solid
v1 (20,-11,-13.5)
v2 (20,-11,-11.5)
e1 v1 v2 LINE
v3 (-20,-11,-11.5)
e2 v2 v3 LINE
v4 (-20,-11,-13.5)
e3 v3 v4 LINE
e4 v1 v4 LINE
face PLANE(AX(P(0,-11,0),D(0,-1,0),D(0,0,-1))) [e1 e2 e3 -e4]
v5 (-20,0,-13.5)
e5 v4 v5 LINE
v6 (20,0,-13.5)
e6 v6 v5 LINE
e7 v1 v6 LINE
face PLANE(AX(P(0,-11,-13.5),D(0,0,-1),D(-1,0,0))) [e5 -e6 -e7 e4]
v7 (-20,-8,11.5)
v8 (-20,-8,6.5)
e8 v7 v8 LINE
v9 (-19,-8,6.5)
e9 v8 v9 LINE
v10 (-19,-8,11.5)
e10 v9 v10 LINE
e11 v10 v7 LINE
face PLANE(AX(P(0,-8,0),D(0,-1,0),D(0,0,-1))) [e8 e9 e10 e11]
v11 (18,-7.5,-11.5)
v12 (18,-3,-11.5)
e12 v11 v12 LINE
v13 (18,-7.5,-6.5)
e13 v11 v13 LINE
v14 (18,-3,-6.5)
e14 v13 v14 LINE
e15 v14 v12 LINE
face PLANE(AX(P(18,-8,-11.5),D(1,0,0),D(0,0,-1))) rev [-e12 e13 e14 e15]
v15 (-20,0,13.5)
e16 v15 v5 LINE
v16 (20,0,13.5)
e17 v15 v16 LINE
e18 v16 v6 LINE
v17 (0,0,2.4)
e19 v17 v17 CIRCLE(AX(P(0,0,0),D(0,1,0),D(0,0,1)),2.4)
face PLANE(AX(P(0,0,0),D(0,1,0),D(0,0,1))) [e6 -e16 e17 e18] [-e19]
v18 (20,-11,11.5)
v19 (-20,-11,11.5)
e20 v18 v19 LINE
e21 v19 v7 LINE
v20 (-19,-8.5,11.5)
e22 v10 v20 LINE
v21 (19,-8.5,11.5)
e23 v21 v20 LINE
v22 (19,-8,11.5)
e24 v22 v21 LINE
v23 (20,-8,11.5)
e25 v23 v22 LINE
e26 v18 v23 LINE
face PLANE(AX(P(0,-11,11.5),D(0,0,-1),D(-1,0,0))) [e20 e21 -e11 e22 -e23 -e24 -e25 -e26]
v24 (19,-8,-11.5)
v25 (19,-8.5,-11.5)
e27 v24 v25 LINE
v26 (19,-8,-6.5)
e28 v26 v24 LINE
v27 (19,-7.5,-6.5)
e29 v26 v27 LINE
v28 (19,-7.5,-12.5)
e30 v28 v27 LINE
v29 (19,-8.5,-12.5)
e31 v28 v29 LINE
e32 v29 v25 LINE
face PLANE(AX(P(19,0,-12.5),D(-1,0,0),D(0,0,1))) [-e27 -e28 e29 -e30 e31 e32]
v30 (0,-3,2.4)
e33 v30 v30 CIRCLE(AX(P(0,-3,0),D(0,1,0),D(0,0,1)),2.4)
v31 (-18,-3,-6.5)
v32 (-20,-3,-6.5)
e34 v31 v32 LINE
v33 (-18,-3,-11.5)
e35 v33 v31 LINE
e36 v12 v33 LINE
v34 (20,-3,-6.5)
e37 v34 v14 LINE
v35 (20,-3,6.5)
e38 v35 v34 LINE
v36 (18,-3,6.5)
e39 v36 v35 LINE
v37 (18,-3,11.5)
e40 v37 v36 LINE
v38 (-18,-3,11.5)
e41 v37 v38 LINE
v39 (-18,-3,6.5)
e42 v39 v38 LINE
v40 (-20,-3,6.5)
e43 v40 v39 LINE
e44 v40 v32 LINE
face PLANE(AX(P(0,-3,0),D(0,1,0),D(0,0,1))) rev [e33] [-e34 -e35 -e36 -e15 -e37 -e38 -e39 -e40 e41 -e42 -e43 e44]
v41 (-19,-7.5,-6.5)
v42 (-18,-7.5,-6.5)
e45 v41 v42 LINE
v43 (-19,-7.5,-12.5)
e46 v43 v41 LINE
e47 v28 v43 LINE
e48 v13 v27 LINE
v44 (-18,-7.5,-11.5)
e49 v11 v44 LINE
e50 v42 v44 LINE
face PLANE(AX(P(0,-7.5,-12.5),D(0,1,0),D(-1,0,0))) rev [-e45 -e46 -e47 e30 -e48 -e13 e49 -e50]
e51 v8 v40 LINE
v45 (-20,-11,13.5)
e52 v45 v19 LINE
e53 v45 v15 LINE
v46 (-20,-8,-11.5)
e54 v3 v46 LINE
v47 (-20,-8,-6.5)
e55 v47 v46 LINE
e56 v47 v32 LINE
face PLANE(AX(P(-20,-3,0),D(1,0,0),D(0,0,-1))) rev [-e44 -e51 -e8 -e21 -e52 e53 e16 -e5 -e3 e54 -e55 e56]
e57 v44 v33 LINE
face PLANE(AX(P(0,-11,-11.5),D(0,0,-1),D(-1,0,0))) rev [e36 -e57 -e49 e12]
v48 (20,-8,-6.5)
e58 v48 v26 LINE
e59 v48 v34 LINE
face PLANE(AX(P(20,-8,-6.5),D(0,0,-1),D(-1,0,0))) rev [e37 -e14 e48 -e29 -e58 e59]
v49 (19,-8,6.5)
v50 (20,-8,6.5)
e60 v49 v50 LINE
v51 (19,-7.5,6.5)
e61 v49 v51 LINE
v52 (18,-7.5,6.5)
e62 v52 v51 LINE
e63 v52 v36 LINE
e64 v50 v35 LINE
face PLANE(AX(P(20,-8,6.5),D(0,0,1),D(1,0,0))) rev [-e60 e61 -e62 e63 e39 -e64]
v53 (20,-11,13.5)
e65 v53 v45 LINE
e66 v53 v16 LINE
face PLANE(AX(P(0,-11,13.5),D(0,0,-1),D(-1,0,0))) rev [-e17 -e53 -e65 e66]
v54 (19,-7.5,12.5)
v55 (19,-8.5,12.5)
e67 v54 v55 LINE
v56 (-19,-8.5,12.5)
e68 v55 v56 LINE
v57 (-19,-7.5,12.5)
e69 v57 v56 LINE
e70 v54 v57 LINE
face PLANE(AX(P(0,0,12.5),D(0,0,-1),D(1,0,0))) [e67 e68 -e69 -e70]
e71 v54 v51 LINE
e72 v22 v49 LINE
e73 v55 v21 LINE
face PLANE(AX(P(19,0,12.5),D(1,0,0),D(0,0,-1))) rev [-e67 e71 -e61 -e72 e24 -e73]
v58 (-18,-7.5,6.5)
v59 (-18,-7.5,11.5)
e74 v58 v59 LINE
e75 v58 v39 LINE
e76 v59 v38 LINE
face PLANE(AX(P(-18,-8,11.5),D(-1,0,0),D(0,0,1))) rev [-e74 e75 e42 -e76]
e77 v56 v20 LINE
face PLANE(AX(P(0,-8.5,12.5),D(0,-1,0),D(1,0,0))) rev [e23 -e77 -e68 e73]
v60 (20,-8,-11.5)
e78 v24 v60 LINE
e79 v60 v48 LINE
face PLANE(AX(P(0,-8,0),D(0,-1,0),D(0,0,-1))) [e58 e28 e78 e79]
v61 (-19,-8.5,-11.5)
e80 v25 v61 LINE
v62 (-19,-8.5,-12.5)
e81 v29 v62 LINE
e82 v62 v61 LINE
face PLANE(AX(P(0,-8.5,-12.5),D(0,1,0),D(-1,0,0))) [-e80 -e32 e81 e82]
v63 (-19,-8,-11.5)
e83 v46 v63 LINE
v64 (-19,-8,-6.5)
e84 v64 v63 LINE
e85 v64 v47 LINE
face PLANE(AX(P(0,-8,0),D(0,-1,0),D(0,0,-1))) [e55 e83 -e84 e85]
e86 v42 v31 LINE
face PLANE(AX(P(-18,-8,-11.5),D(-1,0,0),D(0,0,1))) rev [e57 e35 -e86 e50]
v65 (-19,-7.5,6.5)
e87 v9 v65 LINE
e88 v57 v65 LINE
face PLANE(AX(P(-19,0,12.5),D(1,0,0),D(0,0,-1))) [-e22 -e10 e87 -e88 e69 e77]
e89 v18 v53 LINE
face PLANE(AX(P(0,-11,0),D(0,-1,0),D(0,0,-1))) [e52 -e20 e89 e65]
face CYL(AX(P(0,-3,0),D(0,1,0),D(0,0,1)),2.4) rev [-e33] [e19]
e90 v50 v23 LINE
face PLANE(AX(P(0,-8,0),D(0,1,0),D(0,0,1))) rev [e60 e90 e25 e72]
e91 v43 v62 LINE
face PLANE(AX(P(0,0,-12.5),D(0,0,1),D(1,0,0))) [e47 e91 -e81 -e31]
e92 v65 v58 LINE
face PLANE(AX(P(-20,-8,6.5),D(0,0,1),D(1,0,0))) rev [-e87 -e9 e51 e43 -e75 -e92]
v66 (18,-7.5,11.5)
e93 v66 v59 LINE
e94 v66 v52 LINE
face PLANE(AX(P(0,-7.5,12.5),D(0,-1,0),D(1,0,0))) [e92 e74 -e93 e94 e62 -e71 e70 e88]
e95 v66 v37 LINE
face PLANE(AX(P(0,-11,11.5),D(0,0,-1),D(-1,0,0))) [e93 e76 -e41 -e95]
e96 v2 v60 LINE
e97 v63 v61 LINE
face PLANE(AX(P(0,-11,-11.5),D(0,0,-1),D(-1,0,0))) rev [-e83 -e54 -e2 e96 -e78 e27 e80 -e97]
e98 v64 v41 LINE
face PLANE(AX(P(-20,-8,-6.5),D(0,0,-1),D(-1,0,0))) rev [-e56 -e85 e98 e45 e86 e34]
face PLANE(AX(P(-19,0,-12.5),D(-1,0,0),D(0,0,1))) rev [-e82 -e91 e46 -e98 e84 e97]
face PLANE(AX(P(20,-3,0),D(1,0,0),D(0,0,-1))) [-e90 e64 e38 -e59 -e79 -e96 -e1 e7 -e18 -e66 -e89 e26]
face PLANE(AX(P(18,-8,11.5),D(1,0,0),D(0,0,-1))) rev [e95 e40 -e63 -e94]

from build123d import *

# Parameters (mm, degrees)
SKETCH3_W           = 40
SKETCH3_H           = 40
SKETCH3_R           = 5
SKETCH3_R_2         = 2.4
BOSS_EXTRUDE2_DEPTH = 3
BOSS_EXTRUDE3_DEPTH = 8
SKETCH6_W           = 2
SKETCH6_H           = 5
BOSS_EXTRUDE5_DEPTH = 5
SKETCH7_W           = 40
SKETCH7_H           = 6.5
CUT_EXTRUDE1_DEPTH  = 3
SKETCH8_W           = 40
SKETCH8_H           = 6.5
CUT_EXTRUDE2_DEPTH  = 3
CUT_EXTRUDE3_START  = -1
SKETCH5_W           = 5
SKETCH5_H           = 0.5
CUT_EXTRUDE3_DEPTH  = 6


with BuildPart() as part:
    # Sketch3 → Boss-Extrude2 (new body)
    with BuildSketch(Plane(origin=(0, 0, 0), x_dir=(1, 0, 0), z_dir=(0, 1, 0))):
        Rectangle(SKETCH3_W, SKETCH3_H)
        Circle(SKETCH3_R, mode=Mode.SUBTRACT)
        Circle(SKETCH3_R)
        Circle(SKETCH3_R_2, mode=Mode.SUBTRACT)
    extrude(amount=-BOSS_EXTRUDE2_DEPTH)

    # Sketch4 → Boss-Extrude3 (add)
    with BuildSketch(Plane.XZ.offset(3)):
        Polygon((20, -11.5), (0, -11.5), (-20, -11.5), (-20, -13.5), (20, -13.5), align=None)
        Polygon((-20, 11.5), (0, 11.5), (20, 11.5), (20, 13.5), (-20, 13.5), align=None)
    extrude(amount=BOSS_EXTRUDE3_DEPTH)

    # Sketch6 → Boss-Extrude5 (add)
    with BuildSketch(Plane.XZ.offset(3)):
        with Locations((19, 9)):
            Rectangle(SKETCH6_W, SKETCH6_H)
        with Locations((19, -9)):
            Rectangle(SKETCH6_W, SKETCH6_H)
        with Locations((-19, -9)):
            Rectangle(SKETCH6_W, SKETCH6_H)
        with Locations((-19, 9)):
            Rectangle(SKETCH6_W, SKETCH6_H)
    extrude(amount=BOSS_EXTRUDE5_DEPTH)

    # Sketch7 → Cut-Extrude1 (cut)
    with BuildSketch(Plane(origin=(0, -3, 0), x_dir=(-1, 0, 0), z_dir=(0, -1, 0))):
        with Locations((0, -16.75)):
            Rectangle(SKETCH7_W, SKETCH7_H)
    extrude(amount=-CUT_EXTRUDE1_DEPTH, mode=Mode.SUBTRACT)

    # Sketch8 → Cut-Extrude2 (cut)
    with BuildSketch(Plane.XZ.offset(3)):
        with Locations((0, -16.75)):
            Rectangle(SKETCH8_W, SKETCH8_H)
    extrude(amount=-CUT_EXTRUDE2_DEPTH, mode=Mode.SUBTRACT)

    # Sketch5 → Cut-Extrude3 (cut)
    with BuildSketch(Plane.XY.offset(-11.5).offset(CUT_EXTRUDE3_START)):
        Polygon((19, -7.5), (0, -7.5), (0, -8), (5, -8), (5, -8.5), (19, -8.5), align=None)
        Polygon((0, -8), (0, -7.5), (-19, -7.5), (-19, -8.5), (-5, -8.5), (-5, -8), align=None)
        with Locations((-2.5, -8.25)):
            Rectangle(SKETCH5_W, SKETCH5_H)
        with Locations((2.5, -8.25)):
            Rectangle(SKETCH5_W, SKETCH5_H)
    cut_extrude3 = extrude(amount=CUT_EXTRUDE3_DEPTH, mode=Mode.SUBTRACT)

    # Mirror2: Cut-Extrude3 across plane
    add(cut_extrude3.mirror(Plane.XY), mode=Mode.SUBTRACT)


solid = part.part
